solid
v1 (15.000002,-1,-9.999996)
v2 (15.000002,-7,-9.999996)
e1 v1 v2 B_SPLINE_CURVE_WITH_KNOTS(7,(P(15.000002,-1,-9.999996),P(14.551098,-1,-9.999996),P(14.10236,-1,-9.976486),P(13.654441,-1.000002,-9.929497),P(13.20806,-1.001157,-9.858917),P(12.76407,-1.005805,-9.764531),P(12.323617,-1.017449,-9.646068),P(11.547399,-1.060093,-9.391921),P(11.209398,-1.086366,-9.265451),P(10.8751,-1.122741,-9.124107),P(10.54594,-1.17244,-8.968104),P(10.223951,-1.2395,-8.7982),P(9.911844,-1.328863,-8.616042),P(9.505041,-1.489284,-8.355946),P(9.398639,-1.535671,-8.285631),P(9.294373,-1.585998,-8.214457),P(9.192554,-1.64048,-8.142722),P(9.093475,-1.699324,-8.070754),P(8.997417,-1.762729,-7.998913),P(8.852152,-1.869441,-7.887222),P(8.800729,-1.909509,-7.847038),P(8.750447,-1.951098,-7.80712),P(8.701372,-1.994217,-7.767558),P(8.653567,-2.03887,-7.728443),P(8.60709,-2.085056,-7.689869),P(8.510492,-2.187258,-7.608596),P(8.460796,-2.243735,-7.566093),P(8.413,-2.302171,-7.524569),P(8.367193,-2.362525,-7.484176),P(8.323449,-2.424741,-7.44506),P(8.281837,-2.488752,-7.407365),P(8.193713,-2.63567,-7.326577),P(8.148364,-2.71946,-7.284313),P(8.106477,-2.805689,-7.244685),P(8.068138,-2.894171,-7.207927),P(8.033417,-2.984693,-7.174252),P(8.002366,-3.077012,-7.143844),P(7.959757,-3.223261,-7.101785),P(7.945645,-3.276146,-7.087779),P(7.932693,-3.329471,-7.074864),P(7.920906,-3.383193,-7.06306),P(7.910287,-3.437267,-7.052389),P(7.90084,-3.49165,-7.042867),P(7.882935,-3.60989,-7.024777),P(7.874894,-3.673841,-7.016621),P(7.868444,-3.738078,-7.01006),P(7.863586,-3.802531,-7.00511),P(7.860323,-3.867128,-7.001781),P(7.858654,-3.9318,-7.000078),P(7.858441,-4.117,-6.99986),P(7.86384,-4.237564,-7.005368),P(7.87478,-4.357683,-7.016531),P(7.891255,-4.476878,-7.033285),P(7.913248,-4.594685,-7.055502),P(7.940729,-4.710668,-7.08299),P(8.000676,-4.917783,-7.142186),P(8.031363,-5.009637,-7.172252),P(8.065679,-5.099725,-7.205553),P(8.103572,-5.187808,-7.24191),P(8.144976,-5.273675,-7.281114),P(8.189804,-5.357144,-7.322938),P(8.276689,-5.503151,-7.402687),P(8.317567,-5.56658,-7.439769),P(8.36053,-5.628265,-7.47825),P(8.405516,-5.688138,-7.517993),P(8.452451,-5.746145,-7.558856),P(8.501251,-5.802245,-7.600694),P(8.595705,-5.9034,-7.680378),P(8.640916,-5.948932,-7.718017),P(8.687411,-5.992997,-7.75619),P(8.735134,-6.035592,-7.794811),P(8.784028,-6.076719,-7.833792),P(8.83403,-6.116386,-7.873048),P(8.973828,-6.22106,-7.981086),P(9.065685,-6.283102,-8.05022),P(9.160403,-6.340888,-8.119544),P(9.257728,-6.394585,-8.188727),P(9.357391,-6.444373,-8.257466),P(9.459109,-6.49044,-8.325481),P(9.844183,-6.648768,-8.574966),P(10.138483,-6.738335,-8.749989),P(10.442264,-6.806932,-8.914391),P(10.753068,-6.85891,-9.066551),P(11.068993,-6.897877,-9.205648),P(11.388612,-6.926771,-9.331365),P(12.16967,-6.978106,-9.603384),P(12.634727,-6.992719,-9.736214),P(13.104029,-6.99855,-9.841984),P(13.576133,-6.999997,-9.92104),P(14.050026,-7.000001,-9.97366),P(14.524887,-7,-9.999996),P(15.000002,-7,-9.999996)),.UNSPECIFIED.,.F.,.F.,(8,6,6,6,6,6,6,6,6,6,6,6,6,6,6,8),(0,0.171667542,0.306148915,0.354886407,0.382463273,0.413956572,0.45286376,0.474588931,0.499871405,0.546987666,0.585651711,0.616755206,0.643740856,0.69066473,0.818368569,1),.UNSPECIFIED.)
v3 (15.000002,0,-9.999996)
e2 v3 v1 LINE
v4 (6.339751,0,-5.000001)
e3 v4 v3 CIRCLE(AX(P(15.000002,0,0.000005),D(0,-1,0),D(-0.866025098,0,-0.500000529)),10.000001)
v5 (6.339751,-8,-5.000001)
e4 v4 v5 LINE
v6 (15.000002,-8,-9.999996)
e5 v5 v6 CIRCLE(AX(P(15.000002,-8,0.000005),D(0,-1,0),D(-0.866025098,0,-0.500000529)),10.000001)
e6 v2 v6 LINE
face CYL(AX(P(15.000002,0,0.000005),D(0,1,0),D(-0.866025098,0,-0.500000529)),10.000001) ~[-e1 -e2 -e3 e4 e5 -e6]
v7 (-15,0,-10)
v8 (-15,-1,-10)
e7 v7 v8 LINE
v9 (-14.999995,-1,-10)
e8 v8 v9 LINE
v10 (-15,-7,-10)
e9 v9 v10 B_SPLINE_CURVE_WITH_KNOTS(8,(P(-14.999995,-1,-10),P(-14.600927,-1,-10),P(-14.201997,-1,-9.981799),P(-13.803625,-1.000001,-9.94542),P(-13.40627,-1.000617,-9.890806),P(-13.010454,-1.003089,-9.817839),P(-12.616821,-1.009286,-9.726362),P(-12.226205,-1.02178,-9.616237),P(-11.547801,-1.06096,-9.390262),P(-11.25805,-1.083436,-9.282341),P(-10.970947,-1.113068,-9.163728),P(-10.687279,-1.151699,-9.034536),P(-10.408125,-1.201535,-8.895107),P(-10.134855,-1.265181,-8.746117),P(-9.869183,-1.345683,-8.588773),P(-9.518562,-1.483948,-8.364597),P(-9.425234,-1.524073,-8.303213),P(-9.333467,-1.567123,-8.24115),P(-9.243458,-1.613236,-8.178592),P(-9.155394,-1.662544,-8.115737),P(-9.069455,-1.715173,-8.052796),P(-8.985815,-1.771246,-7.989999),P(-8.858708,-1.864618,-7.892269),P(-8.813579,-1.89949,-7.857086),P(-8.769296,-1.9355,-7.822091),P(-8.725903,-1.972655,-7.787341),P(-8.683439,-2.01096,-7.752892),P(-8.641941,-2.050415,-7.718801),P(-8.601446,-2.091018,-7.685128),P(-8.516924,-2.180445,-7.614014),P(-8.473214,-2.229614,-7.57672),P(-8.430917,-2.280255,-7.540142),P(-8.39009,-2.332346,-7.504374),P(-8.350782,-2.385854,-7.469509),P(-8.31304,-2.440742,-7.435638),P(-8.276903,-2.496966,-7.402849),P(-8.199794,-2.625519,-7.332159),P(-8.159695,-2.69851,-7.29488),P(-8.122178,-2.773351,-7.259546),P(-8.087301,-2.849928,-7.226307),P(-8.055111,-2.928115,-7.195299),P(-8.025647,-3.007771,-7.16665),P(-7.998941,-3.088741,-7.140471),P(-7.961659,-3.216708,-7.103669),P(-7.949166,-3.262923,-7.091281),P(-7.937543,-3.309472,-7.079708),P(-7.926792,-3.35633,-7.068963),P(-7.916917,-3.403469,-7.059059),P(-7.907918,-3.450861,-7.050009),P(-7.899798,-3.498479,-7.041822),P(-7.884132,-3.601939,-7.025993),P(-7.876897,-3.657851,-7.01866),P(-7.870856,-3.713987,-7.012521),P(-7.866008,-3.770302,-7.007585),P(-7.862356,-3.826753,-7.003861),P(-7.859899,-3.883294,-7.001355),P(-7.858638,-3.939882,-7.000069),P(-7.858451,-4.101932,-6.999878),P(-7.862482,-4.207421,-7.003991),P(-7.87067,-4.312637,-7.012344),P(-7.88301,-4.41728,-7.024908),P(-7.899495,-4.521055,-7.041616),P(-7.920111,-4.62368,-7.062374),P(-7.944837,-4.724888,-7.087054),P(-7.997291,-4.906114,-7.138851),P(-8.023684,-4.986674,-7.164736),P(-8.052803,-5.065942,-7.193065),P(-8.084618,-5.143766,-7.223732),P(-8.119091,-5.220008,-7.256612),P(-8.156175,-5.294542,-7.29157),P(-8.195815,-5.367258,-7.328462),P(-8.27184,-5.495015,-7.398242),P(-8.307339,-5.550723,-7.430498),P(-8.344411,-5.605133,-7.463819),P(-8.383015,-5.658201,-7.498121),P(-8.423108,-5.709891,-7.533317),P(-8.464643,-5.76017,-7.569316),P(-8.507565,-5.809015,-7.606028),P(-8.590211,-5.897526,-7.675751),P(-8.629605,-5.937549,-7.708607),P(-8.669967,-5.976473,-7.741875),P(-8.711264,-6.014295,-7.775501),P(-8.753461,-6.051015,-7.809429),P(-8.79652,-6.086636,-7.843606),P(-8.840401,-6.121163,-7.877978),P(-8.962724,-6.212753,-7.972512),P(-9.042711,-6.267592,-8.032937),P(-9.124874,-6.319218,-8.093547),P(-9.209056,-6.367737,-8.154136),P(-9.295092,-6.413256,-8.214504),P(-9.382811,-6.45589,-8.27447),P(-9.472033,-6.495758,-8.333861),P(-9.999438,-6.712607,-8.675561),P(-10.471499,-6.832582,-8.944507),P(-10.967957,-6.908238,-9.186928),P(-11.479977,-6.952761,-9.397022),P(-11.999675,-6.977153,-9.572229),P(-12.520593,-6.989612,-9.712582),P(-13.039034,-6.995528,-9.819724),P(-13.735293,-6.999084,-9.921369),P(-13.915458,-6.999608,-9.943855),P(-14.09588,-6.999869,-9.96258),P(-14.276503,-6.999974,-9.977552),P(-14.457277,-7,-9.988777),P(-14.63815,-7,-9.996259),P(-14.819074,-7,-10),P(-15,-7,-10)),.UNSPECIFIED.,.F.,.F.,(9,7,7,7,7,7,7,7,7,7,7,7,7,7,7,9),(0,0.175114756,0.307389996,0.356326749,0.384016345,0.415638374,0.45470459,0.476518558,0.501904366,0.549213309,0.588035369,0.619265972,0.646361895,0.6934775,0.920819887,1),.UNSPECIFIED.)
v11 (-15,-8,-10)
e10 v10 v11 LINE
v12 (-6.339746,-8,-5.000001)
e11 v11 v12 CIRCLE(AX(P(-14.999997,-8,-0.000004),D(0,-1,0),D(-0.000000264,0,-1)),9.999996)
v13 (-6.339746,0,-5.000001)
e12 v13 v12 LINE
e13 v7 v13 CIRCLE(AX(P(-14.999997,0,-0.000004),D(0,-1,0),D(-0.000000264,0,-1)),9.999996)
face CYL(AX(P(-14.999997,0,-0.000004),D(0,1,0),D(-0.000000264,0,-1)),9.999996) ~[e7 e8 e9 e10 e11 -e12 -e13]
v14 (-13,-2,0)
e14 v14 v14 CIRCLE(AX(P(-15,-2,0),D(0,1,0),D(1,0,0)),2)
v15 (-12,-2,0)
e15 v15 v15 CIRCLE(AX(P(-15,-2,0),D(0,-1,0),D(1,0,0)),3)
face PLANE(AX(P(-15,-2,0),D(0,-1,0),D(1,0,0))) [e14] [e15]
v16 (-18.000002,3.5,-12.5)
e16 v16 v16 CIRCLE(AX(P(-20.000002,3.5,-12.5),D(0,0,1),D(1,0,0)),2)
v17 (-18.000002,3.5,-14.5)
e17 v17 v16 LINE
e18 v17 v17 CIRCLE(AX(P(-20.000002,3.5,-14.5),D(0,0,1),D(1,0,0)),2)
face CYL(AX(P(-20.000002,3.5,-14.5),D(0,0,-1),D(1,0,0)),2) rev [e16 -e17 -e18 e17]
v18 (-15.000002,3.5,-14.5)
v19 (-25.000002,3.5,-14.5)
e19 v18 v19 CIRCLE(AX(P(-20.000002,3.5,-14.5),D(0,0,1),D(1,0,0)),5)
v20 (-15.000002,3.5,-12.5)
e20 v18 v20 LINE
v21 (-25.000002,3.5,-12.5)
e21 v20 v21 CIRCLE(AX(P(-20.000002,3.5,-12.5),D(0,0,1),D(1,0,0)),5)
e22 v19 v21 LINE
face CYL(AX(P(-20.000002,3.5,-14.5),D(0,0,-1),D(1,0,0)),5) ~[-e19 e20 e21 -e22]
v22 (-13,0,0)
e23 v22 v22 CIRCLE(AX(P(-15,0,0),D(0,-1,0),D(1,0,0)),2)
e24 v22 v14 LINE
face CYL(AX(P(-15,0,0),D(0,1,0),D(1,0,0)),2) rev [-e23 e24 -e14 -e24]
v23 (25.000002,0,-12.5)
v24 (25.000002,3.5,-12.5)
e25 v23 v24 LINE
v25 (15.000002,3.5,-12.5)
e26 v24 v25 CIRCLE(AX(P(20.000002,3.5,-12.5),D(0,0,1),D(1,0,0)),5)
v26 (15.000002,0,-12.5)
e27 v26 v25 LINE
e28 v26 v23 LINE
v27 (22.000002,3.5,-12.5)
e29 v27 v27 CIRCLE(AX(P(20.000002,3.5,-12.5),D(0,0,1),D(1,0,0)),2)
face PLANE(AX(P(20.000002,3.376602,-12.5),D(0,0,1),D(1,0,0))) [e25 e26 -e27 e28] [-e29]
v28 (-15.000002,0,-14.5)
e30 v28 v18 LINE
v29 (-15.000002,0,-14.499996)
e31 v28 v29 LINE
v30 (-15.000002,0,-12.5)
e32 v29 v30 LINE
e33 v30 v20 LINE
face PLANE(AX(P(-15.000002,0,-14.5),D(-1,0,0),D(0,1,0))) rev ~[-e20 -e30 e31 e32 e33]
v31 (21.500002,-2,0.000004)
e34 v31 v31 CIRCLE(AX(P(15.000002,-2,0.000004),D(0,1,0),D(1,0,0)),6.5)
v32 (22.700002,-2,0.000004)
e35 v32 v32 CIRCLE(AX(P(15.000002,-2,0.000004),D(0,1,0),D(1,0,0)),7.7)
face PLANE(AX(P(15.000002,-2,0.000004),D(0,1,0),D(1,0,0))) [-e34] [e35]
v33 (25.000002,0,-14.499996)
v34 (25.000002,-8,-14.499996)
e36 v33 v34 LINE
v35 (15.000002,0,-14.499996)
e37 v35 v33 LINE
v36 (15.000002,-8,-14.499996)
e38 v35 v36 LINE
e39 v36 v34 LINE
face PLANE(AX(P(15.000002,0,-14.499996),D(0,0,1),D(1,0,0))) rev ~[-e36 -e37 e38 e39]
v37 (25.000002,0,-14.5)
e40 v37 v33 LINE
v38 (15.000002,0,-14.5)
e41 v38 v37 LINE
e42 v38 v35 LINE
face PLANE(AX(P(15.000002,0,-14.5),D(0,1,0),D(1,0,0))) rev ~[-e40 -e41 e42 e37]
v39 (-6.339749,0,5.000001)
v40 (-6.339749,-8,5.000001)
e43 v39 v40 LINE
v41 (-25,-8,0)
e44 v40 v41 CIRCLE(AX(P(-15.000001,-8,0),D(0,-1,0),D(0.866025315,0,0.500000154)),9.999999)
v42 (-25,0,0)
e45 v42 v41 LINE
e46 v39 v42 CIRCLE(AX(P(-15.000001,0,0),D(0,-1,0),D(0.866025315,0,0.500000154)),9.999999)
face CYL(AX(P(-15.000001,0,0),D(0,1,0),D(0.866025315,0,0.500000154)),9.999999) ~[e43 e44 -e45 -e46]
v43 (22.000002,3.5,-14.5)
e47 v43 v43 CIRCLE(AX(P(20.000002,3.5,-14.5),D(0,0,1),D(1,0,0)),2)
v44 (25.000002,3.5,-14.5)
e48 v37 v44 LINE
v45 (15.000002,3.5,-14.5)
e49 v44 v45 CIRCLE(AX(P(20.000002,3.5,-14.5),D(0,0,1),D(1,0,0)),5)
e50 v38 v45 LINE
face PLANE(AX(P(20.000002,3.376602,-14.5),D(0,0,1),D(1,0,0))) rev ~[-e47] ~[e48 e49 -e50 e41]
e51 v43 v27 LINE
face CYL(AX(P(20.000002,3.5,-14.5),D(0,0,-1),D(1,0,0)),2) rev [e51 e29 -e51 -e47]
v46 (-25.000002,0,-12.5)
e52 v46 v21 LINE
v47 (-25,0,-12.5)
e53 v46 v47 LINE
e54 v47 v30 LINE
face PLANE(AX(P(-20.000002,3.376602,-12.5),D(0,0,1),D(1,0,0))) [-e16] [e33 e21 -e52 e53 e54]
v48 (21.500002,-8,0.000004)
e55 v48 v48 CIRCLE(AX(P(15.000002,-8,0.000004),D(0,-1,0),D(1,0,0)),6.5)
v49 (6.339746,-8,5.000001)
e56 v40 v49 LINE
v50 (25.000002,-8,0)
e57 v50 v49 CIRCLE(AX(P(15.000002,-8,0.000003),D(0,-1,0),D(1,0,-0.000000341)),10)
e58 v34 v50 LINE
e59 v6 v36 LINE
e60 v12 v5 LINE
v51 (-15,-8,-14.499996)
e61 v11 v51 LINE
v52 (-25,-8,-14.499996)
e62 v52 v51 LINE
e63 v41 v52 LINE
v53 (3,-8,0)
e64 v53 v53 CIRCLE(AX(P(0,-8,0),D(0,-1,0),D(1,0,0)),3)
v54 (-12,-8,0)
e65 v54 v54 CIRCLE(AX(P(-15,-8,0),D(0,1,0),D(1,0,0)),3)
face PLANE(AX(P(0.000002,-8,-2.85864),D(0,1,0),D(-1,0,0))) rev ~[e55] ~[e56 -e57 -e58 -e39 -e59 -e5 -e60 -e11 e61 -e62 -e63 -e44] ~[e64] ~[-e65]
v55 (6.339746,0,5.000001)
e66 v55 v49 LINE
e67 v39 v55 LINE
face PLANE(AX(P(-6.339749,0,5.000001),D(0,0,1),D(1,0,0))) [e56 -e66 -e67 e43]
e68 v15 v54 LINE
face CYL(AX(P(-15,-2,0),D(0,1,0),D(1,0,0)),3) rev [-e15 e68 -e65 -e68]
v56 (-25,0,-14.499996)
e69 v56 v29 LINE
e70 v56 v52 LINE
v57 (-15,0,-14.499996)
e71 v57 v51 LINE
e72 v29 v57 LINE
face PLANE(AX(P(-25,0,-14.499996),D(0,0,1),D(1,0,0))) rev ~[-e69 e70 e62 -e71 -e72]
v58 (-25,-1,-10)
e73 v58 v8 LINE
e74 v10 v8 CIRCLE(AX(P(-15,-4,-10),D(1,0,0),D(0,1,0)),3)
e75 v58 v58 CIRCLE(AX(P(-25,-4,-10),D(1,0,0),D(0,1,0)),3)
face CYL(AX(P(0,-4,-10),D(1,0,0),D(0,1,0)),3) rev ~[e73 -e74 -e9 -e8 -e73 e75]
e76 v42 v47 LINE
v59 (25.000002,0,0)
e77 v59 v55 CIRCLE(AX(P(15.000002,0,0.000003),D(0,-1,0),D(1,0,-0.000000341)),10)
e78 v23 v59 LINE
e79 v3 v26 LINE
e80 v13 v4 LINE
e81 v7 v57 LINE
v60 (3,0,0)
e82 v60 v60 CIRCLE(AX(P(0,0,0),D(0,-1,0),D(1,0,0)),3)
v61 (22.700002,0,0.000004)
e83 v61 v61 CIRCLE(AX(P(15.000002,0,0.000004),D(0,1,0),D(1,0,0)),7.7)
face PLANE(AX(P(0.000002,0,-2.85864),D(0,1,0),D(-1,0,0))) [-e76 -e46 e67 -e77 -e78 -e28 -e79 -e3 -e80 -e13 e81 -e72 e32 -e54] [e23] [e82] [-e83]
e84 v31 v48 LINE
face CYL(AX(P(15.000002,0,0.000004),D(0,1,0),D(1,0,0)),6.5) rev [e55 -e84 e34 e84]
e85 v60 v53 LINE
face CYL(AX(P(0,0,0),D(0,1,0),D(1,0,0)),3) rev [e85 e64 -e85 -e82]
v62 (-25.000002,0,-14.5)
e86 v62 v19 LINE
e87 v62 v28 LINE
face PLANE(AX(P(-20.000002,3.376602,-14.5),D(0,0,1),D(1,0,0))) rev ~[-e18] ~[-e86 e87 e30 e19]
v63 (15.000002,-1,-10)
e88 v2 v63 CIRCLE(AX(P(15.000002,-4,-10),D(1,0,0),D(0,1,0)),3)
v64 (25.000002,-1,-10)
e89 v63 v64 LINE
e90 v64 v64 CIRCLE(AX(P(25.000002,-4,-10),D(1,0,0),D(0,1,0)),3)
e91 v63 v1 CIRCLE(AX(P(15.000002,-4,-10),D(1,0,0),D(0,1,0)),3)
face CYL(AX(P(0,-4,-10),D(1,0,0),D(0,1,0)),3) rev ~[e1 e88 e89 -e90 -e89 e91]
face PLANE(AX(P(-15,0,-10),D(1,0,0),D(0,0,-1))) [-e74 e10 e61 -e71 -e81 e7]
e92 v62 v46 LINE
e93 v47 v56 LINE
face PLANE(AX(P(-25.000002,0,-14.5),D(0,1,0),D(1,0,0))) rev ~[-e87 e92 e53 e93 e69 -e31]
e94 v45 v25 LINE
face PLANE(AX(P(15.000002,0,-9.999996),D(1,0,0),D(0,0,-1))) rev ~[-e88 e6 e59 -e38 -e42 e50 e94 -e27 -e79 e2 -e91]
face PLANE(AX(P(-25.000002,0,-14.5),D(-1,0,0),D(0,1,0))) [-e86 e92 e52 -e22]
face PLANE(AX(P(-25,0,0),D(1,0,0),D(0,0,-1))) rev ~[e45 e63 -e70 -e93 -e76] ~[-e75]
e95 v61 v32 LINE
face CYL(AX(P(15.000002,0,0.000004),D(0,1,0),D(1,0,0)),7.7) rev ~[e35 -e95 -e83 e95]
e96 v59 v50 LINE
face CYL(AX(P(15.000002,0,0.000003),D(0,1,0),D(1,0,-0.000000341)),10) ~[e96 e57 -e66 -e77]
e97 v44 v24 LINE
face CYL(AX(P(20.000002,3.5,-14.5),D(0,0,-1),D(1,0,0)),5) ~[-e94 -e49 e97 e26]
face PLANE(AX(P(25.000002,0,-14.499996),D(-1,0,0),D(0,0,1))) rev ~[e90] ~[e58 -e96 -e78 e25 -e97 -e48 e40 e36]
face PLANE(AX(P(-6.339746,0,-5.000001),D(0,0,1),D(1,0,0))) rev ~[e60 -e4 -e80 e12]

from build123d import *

# Parameters (mm, degrees)
SKETCH002_R     = 2
SKETCH002_R_2   = 6.5
SKETCH002_R_3   = 3
PAD_DEPTH       = 8
SKETCH003_R     = 7.7
POCKET_DEPTH    = 2
SKETCH004_R     = 3
POCKET001_DEPTH = 31
SKETCH005_R     = 2
PAD001_DEPTH    = 2
SKETCH007_R     = 3
POCKET002_DEPTH = 11


with BuildPart() as part:
    # Sketch002 → Pad (new body)
    with BuildSketch(Plane.XZ):
        with BuildLine():
            Line((-6.339749, 5.000001), (6.339746, 5.000001))
            ThreePointArc((25.000002, 0), (17.588192, 9.659262), (6.339746, 5.000001))
            Line((25.000002, -14.499996), (25.000002, 0))
            Line((15.000002, -14.499996), (25.000002, -14.499996))
            Line((15.000002, -9.999996), (15.000002, -14.499996))
            ThreePointArc((6.339751, -5.000001), (10.000004, -8.660251), (15.000002, -9.999996))
            Line((-6.339746, -5.000001), (6.339751, -5.000001))
            ThreePointArc((-15, -10), (-10, -8.660255), (-6.339746, -5.000001))
            Line((-15, -10), (-15, -14.499996))
            Line((-25, -14.499996), (-15, -14.499996))
            Line((-25, 0), (-25, -14.499996))
            ThreePointArc((-6.339749, 5.000001), (-17.588192, 9.659257), (-25, 0))
        make_face()
        with Locations((-15, 0)):
            Circle(SKETCH002_R, mode=Mode.SUBTRACT)
        with Locations((15.000002, 4e-06)):
            Circle(SKETCH002_R_2, mode=Mode.SUBTRACT)
        Circle(SKETCH002_R_3, mode=Mode.SUBTRACT)
    extrude(amount=PAD_DEPTH)

    # Sketch003 (on Face16 of Pad) → Pocket (cut)
    with BuildSketch(Plane(origin=(0, 0, 0), x_dir=(1, 0, 0), z_dir=(0, 1, 0))):
        with Locations((15.000002, -4e-06)):
            Circle(SKETCH003_R)
    extrude(amount=-POCKET_DEPTH, mode=Mode.SUBTRACT)

    # Sketch004 → Pocket001 (cut, symmetric)
    with BuildSketch(Plane.YZ):
        with Locations((-4, -10)):
            Circle(SKETCH004_R)
    extrude(amount=POCKET001_DEPTH, both=True, mode=Mode.SUBTRACT)

    # Sketch005 → Pad001 (join)
    with BuildSketch(Plane.XY.offset(-14.5)):
        with BuildLine():
            Line((-25.000002, 0), (-15.000002, 0))
            Line((-15.000002, 0), (-15.000002, 3.5))
            ThreePointArc((-15.000002, 3.5), (-20.000002, 8.5), (-25.000002, 3.5))
            Line((-25.000002, 0), (-25.000002, 3.5))
        make_face()
        with Locations((-20.000002, 3.5)):
            Circle(SKETCH005_R, mode=Mode.SUBTRACT)
        with BuildLine():
            Line((15.000002, 0), (25.000002, 0))
            Line((25.000002, 0), (25.000002, 3.5))
            ThreePointArc((25.000002, 3.5), (20.000002, 8.5), (15.000002, 3.5))
            Line((15.000002, 0), (15.000002, 3.5))
        make_face()
        with Locations((20.000002, 3.5)):
            Circle(SKETCH005_R, mode=Mode.SUBTRACT)
    extrude(amount=PAD001_DEPTH)

    # Sketch007 → Pocket002 (cut)
    with BuildSketch(Plane.XZ.offset(2)):
        with Locations((-15, 0)):
            Circle(SKETCH007_R)
    extrude(amount=POCKET002_DEPTH, mode=Mode.SUBTRACT)


solid = part.part
